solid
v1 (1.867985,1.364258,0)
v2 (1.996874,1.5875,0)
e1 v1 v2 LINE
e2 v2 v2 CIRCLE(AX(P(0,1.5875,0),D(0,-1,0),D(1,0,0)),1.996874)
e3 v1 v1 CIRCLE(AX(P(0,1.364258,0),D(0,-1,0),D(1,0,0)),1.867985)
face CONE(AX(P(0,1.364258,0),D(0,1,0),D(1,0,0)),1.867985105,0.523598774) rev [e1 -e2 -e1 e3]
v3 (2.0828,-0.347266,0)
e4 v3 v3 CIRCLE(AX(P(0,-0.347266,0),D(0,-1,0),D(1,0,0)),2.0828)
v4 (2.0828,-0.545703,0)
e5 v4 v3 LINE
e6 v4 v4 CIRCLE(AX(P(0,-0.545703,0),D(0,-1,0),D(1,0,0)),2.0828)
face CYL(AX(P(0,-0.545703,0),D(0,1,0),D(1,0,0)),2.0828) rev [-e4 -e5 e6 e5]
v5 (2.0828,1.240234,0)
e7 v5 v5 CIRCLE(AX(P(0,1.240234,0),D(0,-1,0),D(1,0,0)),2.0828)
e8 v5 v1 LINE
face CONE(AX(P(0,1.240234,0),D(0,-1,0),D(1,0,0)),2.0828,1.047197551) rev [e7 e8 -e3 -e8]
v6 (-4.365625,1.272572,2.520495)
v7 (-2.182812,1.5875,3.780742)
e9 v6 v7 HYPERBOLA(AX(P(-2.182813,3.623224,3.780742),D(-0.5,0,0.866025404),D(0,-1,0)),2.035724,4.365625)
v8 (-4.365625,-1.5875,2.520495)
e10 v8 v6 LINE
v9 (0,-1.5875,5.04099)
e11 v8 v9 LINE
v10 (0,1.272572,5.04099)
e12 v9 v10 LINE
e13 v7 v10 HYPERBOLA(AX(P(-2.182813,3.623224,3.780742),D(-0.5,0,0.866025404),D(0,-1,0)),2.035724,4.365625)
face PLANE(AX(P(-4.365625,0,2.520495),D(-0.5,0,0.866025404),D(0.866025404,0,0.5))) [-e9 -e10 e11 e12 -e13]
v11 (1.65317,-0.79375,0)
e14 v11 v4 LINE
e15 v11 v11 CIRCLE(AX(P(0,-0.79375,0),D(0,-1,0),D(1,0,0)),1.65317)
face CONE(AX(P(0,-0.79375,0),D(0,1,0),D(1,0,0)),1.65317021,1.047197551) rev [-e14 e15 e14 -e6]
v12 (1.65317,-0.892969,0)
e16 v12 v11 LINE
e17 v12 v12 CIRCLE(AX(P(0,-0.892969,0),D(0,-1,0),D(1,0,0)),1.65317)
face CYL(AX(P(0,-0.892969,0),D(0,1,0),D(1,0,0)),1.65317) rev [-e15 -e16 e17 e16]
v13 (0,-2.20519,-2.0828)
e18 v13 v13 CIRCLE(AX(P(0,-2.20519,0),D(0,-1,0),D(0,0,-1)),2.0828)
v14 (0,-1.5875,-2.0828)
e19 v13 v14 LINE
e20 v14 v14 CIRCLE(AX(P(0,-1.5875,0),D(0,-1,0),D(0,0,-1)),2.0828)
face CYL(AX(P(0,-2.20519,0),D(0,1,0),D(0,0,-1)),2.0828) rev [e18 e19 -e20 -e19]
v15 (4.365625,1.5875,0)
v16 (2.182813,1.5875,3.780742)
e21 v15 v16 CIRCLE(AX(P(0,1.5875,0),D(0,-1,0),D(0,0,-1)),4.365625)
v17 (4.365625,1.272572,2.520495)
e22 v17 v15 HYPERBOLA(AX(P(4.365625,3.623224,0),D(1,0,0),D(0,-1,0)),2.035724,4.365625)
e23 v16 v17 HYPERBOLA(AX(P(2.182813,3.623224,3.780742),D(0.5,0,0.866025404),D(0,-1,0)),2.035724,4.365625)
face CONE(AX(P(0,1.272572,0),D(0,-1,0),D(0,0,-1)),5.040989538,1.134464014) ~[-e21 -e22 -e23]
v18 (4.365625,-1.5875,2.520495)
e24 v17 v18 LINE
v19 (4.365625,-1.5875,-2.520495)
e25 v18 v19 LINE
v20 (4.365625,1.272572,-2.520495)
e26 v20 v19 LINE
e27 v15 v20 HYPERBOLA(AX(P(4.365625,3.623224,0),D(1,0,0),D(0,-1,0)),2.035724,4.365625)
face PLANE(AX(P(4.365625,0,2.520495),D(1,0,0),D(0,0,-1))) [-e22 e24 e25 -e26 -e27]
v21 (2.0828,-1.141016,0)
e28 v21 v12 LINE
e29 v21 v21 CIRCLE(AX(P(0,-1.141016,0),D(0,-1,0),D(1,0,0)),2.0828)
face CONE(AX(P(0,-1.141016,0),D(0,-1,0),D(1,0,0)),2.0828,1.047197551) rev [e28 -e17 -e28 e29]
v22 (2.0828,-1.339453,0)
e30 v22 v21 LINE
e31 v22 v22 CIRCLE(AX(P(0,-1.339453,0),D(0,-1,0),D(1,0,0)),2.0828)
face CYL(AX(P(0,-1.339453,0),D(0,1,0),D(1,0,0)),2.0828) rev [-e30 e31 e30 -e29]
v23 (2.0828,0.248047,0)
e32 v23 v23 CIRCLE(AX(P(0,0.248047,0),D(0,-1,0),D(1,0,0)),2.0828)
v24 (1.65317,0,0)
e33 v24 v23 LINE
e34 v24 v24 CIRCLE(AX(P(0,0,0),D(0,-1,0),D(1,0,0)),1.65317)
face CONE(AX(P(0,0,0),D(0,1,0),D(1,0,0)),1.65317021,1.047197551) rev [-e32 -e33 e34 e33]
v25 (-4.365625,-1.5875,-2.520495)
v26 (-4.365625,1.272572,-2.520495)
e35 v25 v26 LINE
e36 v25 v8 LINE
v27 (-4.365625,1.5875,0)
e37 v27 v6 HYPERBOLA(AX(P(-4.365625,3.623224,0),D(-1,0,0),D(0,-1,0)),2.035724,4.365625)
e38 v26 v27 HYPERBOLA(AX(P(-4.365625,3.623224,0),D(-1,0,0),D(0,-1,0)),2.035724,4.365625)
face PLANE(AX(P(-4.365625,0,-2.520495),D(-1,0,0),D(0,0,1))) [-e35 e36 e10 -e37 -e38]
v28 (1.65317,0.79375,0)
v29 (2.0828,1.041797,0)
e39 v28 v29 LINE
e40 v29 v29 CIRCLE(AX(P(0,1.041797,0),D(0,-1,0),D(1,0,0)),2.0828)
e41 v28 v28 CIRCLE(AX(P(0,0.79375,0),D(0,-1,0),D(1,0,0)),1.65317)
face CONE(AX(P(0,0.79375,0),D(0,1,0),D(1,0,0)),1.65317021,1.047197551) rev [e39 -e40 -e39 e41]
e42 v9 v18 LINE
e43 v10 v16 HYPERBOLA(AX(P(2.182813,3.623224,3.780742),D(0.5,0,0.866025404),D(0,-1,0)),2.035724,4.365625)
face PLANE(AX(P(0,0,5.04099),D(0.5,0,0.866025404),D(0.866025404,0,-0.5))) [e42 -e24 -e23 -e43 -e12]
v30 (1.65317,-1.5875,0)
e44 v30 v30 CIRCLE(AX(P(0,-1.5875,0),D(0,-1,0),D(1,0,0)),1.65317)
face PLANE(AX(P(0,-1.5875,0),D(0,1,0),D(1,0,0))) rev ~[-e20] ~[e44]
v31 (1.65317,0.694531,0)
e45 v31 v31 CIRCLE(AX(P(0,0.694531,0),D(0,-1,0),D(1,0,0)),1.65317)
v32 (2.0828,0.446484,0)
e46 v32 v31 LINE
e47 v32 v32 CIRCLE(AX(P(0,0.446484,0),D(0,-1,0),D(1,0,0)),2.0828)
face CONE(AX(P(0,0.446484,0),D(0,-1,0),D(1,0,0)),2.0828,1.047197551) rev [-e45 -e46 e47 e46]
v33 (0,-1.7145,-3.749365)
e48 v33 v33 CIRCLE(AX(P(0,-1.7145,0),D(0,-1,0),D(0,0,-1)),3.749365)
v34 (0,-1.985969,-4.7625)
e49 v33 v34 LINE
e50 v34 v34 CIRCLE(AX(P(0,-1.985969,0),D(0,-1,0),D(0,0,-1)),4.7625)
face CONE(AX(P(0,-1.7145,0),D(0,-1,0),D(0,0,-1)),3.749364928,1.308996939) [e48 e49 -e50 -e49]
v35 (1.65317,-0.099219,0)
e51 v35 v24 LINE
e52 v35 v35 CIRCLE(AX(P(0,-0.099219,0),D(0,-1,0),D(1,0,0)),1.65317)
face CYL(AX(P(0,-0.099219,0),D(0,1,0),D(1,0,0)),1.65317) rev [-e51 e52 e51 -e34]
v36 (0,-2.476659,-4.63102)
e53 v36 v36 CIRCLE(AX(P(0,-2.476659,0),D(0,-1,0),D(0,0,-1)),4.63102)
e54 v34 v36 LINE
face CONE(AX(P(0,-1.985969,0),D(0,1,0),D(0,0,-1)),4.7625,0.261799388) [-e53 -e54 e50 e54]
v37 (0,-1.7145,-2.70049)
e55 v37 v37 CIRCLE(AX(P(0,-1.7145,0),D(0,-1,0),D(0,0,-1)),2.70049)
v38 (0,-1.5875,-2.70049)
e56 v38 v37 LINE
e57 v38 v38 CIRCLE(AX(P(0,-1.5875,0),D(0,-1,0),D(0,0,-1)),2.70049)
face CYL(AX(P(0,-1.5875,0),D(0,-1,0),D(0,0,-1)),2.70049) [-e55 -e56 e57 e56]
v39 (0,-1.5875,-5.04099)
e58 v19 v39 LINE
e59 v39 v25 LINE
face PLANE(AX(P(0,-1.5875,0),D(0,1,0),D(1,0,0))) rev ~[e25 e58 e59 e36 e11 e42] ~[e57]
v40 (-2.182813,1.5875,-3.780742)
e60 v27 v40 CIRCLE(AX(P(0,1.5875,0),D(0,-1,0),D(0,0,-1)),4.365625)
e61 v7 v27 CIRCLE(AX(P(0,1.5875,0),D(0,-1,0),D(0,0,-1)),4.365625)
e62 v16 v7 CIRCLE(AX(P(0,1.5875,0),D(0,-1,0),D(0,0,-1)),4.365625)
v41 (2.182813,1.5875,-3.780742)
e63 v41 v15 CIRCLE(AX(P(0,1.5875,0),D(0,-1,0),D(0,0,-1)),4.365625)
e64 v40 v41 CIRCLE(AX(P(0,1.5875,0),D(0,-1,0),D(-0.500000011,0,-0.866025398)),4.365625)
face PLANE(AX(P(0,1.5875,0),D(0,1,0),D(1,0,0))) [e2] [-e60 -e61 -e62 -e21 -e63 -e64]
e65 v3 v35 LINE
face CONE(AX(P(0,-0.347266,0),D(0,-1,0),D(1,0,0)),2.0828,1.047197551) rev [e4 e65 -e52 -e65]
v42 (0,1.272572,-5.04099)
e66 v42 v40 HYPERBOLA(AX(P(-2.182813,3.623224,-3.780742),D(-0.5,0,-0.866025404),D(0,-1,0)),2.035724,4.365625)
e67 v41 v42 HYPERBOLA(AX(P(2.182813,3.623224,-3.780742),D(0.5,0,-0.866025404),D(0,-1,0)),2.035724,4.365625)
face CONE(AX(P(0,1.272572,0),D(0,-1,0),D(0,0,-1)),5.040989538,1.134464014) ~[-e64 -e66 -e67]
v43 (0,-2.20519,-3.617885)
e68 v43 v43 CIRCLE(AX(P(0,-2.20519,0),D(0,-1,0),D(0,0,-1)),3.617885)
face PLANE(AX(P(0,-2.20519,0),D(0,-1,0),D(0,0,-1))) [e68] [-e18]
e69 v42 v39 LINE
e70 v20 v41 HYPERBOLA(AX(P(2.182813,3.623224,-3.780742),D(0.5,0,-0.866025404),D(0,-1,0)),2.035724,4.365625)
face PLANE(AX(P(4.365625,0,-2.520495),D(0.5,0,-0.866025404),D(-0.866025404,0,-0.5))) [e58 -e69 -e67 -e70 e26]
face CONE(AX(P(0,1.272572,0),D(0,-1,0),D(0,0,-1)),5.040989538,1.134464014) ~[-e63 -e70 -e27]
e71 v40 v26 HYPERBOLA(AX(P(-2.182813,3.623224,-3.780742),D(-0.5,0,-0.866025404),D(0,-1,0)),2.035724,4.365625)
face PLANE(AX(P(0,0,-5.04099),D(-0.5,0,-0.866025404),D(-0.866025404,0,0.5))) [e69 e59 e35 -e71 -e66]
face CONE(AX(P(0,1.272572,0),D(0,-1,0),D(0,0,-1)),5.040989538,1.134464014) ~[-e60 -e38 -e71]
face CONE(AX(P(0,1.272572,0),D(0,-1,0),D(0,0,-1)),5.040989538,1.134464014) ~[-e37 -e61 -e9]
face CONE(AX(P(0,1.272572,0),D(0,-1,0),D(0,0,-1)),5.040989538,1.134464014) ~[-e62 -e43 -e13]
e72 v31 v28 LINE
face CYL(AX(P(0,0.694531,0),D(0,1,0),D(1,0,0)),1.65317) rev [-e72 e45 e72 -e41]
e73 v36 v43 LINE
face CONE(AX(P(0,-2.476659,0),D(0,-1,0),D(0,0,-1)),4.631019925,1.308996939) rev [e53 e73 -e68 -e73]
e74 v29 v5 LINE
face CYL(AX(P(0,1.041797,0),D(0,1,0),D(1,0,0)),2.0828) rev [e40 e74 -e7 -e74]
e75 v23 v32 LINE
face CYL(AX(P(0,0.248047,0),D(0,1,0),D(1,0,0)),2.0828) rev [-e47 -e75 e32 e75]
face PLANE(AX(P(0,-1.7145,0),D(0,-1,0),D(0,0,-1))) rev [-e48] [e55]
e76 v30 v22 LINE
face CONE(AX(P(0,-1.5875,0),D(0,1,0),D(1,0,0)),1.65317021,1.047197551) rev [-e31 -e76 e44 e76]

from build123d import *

# Parameters (mm, degrees)
EXTRUDE1_DEPTH  = 1.5875
LPATTERN2_COUNT = 5
LPATTERN2_PITCH = 0.79375


with BuildPart() as part:
    # Sketch1 → Extrude1 (new body, symmetric)
    with BuildSketch(Plane(origin=(0, 0, 0), x_dir=(1, 0, 0), z_dir=(0, 1, 0))):
        Polygon((0, 5.040989538), (-4.365625, 2.520494769), (-4.365625, -2.520494769), (0, -5.040989538), (4.365625, -2.520494769), (4.365625, 2.520494769), align=None)
    extrude(amount=EXTRUDE1_DEPTH, both=True)

    # Sketch2 → Cut-Revolve1 (revolve, cut)
    with BuildSketch(Plane(origin=(0, 0, 0), x_dir=(0, 0, -1), z_dir=(1, 0, 0))):
        Polygon((4.365625, 1.5875), (5.040989538, 1.5875), (5.040989538, 1.272572344), align=None)
    revolve(axis=Axis((0, 1.421434714, 0), (0, -1, 0)), mode=Mode.SUBTRACT)

    # Sketch3 → Cut-Revolve3 (revolve, cut)
    with BuildSketch(Plane.XY):
        Polygon((1.65317021, 1.48828125), (1.65317021, 1.5875), (0, 1.5875), (0, 0.79375), (1.65317021, 0.79375), (2.0828, 1.041796875), (2.0828, 1.240234375), align=None)
    cut_revolve3 = revolve(axis=Axis((0, 1.642101285, 0), (0, -1, 0)), mode=Mode.SUBTRACT)

    # LPattern2: Cut-Revolve3 ×5
    with Locations(*[(0, -i * LPATTERN2_PITCH, 0) for i in range(1, LPATTERN2_COUNT)]):
        add(cut_revolve3, mode=Mode.SUBTRACT)

    # Sketch4 → Cut-Revolve4 (revolve, cut)
    with BuildSketch(Plane.XY):
        Polygon((1.867985105, 1.364257812), (1.996874042, 1.5875), (1.65317021, 1.5875), (1.65317021, 1.48828125), align=None)
    revolve(axis=Axis((0, 1.785862642, 0), (0, -1, 0)), mode=Mode.SUBTRACT)

    # Sketch12 → Revolve1 (revolve)
    with BuildSketch(Plane(origin=(0, 0, 0), x_dir=(0, 0, -1), z_dir=(1, 0, 0))):
        Polygon((2.70049032, -1.7145), (3.749364928, -1.7145), (4.7625, -1.985968724), (4.631019925, -2.476659044), (3.617884853, -2.20519032), (2.0828, -2.20519032), (2.0828, -1.5875), (2.70049032, -1.5875), align=None)
    revolve(axis=Axis((0, 1.620050577, 0), (0, -1, 0)))


solid = part.part
